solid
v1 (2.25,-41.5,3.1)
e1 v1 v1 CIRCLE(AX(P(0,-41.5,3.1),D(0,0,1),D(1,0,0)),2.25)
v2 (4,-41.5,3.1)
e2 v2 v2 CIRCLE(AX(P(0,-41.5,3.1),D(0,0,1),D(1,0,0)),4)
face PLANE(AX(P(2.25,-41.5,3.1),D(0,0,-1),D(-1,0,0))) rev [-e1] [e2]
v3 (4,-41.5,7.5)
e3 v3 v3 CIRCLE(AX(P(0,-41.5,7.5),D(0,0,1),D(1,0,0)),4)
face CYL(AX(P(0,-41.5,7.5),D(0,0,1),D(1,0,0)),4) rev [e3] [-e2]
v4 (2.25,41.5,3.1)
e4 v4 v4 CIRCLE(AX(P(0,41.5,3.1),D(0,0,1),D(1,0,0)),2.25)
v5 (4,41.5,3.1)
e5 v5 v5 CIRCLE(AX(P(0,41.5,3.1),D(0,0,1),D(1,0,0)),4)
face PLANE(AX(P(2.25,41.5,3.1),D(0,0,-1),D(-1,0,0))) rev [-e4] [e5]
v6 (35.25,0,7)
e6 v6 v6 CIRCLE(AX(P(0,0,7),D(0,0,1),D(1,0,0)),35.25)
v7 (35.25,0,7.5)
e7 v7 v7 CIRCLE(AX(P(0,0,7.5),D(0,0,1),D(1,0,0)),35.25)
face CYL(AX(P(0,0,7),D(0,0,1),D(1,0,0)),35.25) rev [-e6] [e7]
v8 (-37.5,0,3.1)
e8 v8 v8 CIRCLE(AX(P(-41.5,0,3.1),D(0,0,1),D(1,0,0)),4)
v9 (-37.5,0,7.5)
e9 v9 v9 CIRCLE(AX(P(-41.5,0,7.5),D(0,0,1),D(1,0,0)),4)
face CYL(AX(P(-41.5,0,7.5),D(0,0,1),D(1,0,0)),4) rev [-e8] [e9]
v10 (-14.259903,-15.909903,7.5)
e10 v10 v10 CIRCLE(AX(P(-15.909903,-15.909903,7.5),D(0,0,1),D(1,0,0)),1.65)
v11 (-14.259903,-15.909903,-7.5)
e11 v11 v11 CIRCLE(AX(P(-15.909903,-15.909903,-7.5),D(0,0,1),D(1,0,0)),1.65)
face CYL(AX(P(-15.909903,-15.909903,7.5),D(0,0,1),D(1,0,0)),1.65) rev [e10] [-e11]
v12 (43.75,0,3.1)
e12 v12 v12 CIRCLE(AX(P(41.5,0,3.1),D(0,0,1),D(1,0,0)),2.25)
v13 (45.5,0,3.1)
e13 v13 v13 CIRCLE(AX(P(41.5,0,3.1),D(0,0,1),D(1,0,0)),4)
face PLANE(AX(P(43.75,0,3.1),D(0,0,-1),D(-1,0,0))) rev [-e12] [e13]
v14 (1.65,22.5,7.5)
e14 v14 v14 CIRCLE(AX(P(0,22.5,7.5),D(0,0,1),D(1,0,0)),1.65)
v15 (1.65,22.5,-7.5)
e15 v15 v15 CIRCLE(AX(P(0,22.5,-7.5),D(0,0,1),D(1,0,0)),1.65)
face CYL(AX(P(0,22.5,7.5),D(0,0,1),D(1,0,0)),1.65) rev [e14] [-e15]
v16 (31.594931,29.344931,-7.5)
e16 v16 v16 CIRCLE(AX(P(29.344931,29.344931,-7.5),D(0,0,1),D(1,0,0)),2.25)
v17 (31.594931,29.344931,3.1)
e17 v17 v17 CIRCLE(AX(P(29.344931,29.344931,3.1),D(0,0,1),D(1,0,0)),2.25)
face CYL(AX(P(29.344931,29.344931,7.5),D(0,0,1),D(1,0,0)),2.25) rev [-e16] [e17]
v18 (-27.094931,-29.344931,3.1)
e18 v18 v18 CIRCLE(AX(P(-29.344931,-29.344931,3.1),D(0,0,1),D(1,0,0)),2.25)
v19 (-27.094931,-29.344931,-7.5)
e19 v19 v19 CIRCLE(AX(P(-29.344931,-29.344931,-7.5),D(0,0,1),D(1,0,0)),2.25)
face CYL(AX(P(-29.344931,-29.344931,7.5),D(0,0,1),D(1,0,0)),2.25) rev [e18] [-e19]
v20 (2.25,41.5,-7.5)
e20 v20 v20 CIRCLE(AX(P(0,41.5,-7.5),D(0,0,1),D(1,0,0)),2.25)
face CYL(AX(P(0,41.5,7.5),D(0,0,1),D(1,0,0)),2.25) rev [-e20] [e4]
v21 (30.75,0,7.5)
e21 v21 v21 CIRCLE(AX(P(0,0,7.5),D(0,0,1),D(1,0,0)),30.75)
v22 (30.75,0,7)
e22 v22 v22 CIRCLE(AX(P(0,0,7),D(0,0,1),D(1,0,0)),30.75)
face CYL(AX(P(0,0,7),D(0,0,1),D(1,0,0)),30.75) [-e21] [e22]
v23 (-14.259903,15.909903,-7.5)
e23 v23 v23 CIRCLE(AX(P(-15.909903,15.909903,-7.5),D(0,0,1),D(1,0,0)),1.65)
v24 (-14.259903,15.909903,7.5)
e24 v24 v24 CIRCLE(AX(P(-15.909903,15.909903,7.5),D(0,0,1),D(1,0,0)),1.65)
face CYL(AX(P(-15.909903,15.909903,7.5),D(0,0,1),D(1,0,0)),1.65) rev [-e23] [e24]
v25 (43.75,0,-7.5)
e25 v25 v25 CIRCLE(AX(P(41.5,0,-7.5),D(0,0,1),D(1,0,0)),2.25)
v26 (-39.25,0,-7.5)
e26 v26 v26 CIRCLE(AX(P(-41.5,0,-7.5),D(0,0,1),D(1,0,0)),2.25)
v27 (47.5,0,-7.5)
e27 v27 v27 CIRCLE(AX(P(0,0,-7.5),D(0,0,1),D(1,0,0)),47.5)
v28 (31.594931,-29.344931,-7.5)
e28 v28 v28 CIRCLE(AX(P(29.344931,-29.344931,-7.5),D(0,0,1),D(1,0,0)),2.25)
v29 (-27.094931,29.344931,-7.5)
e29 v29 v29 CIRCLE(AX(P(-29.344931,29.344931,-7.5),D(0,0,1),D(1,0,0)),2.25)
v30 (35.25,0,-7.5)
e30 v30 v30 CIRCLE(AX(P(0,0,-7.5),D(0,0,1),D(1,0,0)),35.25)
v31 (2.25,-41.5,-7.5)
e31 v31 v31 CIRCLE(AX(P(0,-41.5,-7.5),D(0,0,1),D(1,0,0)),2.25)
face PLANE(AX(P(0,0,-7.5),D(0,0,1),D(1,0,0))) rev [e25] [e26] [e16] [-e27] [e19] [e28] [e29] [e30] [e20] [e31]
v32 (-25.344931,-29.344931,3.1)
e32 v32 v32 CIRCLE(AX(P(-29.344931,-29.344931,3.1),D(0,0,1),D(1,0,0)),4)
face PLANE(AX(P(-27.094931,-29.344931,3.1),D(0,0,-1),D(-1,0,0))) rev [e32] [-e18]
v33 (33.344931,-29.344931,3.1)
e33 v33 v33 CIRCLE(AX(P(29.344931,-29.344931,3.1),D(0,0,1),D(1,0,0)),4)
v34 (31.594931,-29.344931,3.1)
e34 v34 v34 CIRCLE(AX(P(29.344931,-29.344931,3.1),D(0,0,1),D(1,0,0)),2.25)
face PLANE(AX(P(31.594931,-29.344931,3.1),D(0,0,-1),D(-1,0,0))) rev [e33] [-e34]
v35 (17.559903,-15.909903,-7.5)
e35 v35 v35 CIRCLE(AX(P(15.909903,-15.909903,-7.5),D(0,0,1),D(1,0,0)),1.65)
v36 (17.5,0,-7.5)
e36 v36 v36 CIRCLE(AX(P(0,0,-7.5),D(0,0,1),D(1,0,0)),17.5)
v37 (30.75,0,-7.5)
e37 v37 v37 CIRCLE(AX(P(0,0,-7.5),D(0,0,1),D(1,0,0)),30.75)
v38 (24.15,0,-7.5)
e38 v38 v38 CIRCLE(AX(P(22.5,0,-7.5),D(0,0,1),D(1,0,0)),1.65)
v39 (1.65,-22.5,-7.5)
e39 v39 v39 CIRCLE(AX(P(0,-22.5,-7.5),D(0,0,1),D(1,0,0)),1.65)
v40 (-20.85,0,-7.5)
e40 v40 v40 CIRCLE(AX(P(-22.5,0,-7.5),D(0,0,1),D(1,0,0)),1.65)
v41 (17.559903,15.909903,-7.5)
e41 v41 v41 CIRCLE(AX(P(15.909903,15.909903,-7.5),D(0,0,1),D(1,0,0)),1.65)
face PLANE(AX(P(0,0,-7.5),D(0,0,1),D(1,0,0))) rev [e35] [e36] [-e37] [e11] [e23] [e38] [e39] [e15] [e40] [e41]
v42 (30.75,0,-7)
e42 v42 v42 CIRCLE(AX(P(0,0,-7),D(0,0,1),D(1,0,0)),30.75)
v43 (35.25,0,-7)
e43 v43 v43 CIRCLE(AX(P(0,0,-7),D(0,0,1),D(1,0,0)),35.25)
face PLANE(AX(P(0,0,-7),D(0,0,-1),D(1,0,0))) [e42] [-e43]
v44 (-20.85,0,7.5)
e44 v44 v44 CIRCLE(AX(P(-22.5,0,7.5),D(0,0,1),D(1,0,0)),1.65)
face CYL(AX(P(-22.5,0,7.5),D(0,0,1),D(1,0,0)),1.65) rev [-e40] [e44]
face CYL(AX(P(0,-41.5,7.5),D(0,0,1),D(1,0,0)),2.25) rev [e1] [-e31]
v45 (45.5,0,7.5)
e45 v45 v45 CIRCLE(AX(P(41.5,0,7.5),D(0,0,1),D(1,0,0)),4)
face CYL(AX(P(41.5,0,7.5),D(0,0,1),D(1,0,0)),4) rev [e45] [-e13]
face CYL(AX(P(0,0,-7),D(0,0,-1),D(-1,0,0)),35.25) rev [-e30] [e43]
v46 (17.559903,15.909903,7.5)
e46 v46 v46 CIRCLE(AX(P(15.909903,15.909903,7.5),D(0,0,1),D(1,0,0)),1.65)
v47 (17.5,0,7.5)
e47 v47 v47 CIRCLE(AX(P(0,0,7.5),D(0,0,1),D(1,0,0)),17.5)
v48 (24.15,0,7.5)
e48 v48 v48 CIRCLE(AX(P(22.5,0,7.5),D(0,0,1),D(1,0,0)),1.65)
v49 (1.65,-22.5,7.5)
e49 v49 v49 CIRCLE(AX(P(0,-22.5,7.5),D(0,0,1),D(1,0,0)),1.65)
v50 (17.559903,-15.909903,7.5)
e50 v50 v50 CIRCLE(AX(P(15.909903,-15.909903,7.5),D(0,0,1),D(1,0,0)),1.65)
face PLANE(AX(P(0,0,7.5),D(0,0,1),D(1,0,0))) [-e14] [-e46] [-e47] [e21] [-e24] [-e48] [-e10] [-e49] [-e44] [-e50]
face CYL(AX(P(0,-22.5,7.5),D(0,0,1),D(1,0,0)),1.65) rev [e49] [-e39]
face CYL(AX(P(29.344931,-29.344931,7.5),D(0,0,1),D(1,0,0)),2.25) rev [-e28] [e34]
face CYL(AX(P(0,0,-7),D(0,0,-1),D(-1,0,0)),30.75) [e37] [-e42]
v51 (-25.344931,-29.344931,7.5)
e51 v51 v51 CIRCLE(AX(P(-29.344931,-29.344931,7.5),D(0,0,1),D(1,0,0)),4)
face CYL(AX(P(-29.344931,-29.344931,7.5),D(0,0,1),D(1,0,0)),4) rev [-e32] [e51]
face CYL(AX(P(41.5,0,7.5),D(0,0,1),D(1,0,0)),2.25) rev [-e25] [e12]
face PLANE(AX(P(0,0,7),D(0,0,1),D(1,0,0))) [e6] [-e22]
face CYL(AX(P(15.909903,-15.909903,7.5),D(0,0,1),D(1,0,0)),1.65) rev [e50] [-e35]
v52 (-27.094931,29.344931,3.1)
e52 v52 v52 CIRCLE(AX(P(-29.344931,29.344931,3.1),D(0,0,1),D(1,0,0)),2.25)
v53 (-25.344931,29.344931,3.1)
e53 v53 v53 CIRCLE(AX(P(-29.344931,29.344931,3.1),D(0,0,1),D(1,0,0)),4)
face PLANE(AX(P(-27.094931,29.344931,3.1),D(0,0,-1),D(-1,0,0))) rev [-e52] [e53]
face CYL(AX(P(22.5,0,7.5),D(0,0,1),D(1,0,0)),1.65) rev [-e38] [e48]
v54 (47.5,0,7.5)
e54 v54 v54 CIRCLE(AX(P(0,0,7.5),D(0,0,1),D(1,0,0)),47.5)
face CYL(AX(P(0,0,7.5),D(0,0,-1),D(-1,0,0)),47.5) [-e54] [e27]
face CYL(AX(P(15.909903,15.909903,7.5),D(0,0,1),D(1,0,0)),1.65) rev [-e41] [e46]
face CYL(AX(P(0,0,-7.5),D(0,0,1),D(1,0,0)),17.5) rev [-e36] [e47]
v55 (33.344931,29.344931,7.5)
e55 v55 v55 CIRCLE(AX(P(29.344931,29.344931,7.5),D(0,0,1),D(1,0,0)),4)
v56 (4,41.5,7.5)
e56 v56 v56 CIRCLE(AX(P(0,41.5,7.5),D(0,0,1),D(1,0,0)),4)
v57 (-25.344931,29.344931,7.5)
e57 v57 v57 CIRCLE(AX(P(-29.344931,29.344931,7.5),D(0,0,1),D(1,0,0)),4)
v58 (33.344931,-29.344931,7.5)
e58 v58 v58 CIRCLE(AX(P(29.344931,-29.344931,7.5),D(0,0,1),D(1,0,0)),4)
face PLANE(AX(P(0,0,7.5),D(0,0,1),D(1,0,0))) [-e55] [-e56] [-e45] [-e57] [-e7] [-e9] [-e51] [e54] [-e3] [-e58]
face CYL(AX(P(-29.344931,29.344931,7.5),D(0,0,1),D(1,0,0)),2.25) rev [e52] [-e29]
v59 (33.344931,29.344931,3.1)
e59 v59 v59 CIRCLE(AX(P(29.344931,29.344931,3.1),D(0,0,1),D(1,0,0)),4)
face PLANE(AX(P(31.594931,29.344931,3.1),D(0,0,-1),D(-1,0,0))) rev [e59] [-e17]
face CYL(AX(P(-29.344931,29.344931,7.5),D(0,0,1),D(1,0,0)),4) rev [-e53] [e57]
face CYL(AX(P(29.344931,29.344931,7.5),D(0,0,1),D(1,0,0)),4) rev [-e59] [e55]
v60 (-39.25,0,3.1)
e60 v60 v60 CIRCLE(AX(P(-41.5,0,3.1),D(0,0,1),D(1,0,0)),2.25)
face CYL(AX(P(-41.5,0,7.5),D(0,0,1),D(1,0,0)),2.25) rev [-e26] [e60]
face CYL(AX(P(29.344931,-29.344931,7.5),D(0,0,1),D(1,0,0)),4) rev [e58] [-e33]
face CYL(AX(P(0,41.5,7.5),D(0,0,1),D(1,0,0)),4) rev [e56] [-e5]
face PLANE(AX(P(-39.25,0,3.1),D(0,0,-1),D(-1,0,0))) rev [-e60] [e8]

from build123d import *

# Parameters (mm, degrees)
SKETCH_1_R                   = 47.5
EXTRUDE_1_DEPTH              = 7.5
SKETCH_2_R                   = 17.5
CUT_EXTRUDE_1_DEPTH          = 16
SKETCH_3_R                   = 35.25
SKETCH_3_R_2                 = 30.75
CUT_EXTRUDE_2_DEPTH          = 0.5
HOLE_WIZARD_M4_1_D           = 4.5
HOLE_WIZARD_M4_1_CBORE_D     = 8
HOLE_WIZARD_M4_1_CBORE_DEPTH = 4.4
M4X0_7_1_D                   = 3.3
PATTERN_CIRCULAR_1_COUNT     = 8


with BuildPart() as part:
    # 草圖1 → 填料-伸長1 (new body, symmetric)
    with BuildSketch(Plane.XY):
        Circle(SKETCH_1_R)
    extrude(amount=EXTRUDE_1_DEPTH, both=True)

    # 草圖2 → 除料-伸長1 (cut, through all)
    with BuildSketch(Plane.XY.offset(7.5)):
        Circle(SKETCH_2_R)
    extrude(amount=-CUT_EXTRUDE_1_DEPTH, mode=Mode.SUBTRACT)

    # 草圖3 → 除料-伸長2 (cut)
    with BuildSketch(Plane.XY.offset(7.5)):
        Circle(SKETCH_3_R)
        Circle(SKETCH_3_R_2, mode=Mode.SUBTRACT)
    cut_extrude_2 = extrude(amount=-CUT_EXTRUDE_2_DEPTH, mode=Mode.SUBTRACT)

    # 鏡射1: 除料-伸長2 across plane
    add(cut_extrude_2.mirror(Plane.XY), mode=Mode.SUBTRACT)

    # M4 凹頭蓋螺釘的柱孔1 (through all)
    with Locations(Plane.XY.offset(7.5)):
        with Locations((0, 41.5)):
            hole_wizard_m4_1 = CounterBoreHole(HOLE_WIZARD_M4_1_D / 2, HOLE_WIZARD_M4_1_CBORE_D / 2, HOLE_WIZARD_M4_1_CBORE_DEPTH)

    # M4x0.7 螺紋孔1 (through all)
    with Locations(Plane.XY.offset(7.5)):
        with Locations((0, 22.5)):
            m4x0_7_1 = Hole(M4X0_7_1_D / 2)

    # 環狀複製排列1: M4 凹頭蓋螺釘的柱孔1, M4x0.7 螺紋孔1 ×8 about axis
    pattern_circular_1_axis = Axis((0, 0, 0), (0, 0, 1))
    for i in range(1, PATTERN_CIRCULAR_1_COUNT):
        add(hole_wizard_m4_1.rotate(pattern_circular_1_axis, i * 360 / PATTERN_CIRCULAR_1_COUNT), mode=Mode.SUBTRACT)
        add(m4x0_7_1.rotate(pattern_circular_1_axis, i * 360 / PATTERN_CIRCULAR_1_COUNT), mode=Mode.SUBTRACT)


solid = part.part
